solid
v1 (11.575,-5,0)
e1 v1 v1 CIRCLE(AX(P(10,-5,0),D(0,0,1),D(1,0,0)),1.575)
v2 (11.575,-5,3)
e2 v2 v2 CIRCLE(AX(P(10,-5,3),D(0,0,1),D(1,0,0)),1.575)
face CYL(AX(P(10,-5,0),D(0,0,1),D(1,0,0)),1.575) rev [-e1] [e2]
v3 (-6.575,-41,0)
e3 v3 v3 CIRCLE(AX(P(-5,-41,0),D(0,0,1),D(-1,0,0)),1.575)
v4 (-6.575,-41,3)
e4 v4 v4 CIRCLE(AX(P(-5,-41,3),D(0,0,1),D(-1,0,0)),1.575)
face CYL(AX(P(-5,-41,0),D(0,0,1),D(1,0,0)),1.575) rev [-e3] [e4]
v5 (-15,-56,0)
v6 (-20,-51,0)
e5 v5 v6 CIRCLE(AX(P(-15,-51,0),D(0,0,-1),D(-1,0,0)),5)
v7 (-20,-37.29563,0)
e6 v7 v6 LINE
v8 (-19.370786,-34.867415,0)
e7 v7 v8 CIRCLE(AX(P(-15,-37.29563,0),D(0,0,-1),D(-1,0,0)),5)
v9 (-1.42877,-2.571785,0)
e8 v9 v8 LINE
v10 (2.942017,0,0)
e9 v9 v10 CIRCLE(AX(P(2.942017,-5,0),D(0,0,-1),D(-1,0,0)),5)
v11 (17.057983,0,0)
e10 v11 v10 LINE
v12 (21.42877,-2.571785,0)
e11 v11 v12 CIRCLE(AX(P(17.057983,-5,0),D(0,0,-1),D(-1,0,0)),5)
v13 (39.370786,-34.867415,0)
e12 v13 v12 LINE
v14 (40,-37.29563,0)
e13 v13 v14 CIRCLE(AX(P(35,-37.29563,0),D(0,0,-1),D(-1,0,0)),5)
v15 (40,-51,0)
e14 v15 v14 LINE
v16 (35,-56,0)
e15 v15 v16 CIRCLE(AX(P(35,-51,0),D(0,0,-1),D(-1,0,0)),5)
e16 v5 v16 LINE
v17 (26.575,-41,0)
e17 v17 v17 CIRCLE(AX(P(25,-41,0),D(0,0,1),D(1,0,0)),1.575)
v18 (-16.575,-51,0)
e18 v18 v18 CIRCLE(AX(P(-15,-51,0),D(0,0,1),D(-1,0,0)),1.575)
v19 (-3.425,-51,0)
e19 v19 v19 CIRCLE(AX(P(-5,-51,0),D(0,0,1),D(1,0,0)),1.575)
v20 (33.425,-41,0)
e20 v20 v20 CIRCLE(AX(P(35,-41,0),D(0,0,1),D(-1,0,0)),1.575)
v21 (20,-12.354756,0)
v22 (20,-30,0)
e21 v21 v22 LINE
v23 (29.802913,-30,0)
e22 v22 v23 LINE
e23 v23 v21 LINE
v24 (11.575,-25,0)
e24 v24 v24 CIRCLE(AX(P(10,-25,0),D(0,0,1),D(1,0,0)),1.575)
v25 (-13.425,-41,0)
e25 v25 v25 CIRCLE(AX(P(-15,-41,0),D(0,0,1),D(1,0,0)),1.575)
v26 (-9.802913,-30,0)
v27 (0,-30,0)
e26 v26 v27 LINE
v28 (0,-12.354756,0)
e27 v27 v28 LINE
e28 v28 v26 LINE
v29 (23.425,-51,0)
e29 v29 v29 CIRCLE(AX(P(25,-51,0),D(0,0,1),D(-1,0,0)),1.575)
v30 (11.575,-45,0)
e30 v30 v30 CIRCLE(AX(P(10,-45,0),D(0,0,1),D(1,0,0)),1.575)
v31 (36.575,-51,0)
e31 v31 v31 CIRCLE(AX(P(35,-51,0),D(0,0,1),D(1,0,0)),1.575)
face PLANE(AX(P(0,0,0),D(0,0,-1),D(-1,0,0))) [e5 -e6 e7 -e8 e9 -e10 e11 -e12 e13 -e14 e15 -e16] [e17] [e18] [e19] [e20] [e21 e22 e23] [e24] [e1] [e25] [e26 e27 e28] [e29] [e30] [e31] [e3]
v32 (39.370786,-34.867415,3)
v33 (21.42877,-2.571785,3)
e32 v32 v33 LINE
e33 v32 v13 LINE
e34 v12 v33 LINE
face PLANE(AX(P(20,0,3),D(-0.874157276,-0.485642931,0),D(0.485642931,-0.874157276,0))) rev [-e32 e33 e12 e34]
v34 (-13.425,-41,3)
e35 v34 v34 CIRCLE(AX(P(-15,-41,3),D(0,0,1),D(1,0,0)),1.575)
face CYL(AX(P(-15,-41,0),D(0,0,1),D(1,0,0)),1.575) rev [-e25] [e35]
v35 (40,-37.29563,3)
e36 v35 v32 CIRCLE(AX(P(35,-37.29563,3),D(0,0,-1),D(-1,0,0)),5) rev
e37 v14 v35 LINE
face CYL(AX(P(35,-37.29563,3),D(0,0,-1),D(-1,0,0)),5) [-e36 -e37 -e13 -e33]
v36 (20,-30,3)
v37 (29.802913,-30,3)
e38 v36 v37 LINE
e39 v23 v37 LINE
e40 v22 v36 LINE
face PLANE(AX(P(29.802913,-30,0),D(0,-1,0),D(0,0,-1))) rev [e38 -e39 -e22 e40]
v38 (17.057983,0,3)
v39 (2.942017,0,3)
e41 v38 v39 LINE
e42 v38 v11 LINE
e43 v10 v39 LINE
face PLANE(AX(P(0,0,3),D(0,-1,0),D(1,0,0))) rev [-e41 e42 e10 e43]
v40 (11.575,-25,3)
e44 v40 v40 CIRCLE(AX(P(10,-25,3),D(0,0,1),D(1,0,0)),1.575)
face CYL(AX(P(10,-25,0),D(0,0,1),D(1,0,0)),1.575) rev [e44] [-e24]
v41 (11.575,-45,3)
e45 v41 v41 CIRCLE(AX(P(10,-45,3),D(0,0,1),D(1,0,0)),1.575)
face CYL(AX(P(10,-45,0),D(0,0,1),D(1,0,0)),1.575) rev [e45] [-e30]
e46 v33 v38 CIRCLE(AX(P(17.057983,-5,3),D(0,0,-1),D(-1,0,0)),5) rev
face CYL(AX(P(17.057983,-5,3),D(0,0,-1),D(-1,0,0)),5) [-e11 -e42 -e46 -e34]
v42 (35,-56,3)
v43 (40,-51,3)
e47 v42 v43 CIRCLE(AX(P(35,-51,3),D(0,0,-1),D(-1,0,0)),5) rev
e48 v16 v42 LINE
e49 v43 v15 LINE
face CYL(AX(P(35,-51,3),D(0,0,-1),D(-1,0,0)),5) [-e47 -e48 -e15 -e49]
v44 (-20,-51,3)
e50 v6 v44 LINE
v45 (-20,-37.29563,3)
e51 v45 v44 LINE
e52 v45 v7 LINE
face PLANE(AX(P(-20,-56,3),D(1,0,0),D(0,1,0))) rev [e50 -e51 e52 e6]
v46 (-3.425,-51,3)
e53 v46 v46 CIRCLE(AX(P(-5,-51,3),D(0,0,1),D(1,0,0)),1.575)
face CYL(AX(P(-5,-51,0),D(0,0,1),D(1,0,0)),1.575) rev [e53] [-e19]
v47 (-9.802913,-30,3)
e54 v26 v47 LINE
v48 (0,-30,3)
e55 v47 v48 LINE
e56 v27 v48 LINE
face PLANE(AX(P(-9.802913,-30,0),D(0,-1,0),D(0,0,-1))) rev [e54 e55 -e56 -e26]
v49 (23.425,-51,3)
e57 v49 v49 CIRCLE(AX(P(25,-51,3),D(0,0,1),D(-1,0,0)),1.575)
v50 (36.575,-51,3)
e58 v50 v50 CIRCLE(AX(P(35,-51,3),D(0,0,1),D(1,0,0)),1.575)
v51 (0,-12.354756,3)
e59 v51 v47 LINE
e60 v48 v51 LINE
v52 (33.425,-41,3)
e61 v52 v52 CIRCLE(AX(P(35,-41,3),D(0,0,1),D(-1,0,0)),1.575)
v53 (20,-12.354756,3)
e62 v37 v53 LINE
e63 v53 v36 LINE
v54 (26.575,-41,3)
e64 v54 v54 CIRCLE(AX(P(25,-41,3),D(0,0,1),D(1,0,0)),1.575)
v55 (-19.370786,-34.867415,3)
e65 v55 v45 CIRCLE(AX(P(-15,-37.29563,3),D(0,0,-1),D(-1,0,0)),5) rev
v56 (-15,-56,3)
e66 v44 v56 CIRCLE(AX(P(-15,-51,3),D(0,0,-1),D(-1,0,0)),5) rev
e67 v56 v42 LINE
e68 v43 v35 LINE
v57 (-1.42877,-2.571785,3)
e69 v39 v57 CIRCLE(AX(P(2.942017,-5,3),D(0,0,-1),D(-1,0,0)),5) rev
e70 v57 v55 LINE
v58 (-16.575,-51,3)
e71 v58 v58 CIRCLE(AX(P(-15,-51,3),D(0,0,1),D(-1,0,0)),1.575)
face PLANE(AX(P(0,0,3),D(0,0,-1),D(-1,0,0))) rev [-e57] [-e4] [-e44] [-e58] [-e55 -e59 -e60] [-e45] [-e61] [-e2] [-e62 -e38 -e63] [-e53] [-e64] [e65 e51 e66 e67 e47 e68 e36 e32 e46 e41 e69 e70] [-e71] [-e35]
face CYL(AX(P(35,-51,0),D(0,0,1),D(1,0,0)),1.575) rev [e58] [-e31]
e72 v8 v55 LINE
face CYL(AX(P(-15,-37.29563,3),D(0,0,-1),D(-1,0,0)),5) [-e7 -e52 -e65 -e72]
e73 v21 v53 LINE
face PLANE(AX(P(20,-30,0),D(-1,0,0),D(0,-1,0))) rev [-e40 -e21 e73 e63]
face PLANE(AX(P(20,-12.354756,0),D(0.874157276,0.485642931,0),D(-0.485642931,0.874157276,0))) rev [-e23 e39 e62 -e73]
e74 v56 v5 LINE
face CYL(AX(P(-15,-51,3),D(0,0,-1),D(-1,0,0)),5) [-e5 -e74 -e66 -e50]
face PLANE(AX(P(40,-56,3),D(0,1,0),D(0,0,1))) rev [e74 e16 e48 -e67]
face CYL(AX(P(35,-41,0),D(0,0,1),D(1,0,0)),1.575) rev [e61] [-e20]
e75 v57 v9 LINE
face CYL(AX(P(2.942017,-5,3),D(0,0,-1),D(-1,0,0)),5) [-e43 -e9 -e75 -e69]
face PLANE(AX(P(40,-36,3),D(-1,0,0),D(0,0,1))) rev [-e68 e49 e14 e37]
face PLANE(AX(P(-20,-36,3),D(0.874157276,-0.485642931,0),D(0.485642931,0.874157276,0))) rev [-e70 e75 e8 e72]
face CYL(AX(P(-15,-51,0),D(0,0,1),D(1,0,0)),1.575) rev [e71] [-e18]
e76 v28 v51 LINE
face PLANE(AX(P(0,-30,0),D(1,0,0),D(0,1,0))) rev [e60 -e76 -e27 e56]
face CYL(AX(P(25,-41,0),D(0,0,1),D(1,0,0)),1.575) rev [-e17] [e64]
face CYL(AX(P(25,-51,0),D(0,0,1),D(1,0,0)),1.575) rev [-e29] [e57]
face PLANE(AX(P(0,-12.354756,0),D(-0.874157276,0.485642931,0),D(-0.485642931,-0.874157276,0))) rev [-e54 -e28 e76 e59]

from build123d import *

# Parameters (mm, degrees)
EXTRUDE_1_DEPTH     = 3
SKETCH_2_R          = 1.575
CUT_EXTRUDE_1_DEPTH = 69.883960397
FILLET_1_R          = 5


with BuildPart() as part:
    # 草图1 → 凸台-拉伸1 (new body)
    with BuildSketch(Plane.XY):
        Polygon((0, 0), (20, 0), (40, -36), (40, -56), (-20, -56), (-20, -36), align=None)
    extrude(amount=EXTRUDE_1_DEPTH)

    # 草图2 → 切除-拉伸1 (cut, through all)
    with BuildSketch(Plane.XY.offset(3)):
        with Locations((-15, -41)):
            Circle(SKETCH_2_R)
        with Locations(Location((-5, -41, 0), (0, 0, 180))):
            Circle(SKETCH_2_R)
        with Locations((-5, -51)):
            Circle(SKETCH_2_R)
        with Locations(Location((-15, -51, 0), (0, 0, 180))):
            Circle(SKETCH_2_R)
        with Locations((35, -51)):
            Circle(SKETCH_2_R)
        with Locations(Location((25, -51, 0), (0, 0, 180))):
            Circle(SKETCH_2_R)
        with Locations((25, -41)):
            Circle(SKETCH_2_R)
        with Locations(Location((35, -41, 0), (0, 0, 180))):
            Circle(SKETCH_2_R)
        with Locations((10, -25)):
            Circle(SKETCH_2_R)
        with Locations((10, -5)):
            Circle(SKETCH_2_R)
        with Locations((10, -45)):
            Circle(SKETCH_2_R)
        Polygon((0, -12.354756169), (-9.802913239, -30), (0, -30), align=None)
        Polygon((29.802913239, -30), (20, -30), (20, -12.354756169), align=None)
    extrude(amount=-CUT_EXTRUDE_1_DEPTH, mode=Mode.SUBTRACT)

    # 圆角1
    fillet_1_edges = [part.edges().sort_by_distance(p)[0] for p in [
        (0, 0, 1.5),
        (20, 0, 1.5),
        (40, -36, 1.5),
        (40, -56, 1.5),
        (-20, -56, 1.5),
        (-20, -36, 1.5),
    ]]
    fillet(fillet_1_edges, radius=FILLET_1_R)


solid = part.part
